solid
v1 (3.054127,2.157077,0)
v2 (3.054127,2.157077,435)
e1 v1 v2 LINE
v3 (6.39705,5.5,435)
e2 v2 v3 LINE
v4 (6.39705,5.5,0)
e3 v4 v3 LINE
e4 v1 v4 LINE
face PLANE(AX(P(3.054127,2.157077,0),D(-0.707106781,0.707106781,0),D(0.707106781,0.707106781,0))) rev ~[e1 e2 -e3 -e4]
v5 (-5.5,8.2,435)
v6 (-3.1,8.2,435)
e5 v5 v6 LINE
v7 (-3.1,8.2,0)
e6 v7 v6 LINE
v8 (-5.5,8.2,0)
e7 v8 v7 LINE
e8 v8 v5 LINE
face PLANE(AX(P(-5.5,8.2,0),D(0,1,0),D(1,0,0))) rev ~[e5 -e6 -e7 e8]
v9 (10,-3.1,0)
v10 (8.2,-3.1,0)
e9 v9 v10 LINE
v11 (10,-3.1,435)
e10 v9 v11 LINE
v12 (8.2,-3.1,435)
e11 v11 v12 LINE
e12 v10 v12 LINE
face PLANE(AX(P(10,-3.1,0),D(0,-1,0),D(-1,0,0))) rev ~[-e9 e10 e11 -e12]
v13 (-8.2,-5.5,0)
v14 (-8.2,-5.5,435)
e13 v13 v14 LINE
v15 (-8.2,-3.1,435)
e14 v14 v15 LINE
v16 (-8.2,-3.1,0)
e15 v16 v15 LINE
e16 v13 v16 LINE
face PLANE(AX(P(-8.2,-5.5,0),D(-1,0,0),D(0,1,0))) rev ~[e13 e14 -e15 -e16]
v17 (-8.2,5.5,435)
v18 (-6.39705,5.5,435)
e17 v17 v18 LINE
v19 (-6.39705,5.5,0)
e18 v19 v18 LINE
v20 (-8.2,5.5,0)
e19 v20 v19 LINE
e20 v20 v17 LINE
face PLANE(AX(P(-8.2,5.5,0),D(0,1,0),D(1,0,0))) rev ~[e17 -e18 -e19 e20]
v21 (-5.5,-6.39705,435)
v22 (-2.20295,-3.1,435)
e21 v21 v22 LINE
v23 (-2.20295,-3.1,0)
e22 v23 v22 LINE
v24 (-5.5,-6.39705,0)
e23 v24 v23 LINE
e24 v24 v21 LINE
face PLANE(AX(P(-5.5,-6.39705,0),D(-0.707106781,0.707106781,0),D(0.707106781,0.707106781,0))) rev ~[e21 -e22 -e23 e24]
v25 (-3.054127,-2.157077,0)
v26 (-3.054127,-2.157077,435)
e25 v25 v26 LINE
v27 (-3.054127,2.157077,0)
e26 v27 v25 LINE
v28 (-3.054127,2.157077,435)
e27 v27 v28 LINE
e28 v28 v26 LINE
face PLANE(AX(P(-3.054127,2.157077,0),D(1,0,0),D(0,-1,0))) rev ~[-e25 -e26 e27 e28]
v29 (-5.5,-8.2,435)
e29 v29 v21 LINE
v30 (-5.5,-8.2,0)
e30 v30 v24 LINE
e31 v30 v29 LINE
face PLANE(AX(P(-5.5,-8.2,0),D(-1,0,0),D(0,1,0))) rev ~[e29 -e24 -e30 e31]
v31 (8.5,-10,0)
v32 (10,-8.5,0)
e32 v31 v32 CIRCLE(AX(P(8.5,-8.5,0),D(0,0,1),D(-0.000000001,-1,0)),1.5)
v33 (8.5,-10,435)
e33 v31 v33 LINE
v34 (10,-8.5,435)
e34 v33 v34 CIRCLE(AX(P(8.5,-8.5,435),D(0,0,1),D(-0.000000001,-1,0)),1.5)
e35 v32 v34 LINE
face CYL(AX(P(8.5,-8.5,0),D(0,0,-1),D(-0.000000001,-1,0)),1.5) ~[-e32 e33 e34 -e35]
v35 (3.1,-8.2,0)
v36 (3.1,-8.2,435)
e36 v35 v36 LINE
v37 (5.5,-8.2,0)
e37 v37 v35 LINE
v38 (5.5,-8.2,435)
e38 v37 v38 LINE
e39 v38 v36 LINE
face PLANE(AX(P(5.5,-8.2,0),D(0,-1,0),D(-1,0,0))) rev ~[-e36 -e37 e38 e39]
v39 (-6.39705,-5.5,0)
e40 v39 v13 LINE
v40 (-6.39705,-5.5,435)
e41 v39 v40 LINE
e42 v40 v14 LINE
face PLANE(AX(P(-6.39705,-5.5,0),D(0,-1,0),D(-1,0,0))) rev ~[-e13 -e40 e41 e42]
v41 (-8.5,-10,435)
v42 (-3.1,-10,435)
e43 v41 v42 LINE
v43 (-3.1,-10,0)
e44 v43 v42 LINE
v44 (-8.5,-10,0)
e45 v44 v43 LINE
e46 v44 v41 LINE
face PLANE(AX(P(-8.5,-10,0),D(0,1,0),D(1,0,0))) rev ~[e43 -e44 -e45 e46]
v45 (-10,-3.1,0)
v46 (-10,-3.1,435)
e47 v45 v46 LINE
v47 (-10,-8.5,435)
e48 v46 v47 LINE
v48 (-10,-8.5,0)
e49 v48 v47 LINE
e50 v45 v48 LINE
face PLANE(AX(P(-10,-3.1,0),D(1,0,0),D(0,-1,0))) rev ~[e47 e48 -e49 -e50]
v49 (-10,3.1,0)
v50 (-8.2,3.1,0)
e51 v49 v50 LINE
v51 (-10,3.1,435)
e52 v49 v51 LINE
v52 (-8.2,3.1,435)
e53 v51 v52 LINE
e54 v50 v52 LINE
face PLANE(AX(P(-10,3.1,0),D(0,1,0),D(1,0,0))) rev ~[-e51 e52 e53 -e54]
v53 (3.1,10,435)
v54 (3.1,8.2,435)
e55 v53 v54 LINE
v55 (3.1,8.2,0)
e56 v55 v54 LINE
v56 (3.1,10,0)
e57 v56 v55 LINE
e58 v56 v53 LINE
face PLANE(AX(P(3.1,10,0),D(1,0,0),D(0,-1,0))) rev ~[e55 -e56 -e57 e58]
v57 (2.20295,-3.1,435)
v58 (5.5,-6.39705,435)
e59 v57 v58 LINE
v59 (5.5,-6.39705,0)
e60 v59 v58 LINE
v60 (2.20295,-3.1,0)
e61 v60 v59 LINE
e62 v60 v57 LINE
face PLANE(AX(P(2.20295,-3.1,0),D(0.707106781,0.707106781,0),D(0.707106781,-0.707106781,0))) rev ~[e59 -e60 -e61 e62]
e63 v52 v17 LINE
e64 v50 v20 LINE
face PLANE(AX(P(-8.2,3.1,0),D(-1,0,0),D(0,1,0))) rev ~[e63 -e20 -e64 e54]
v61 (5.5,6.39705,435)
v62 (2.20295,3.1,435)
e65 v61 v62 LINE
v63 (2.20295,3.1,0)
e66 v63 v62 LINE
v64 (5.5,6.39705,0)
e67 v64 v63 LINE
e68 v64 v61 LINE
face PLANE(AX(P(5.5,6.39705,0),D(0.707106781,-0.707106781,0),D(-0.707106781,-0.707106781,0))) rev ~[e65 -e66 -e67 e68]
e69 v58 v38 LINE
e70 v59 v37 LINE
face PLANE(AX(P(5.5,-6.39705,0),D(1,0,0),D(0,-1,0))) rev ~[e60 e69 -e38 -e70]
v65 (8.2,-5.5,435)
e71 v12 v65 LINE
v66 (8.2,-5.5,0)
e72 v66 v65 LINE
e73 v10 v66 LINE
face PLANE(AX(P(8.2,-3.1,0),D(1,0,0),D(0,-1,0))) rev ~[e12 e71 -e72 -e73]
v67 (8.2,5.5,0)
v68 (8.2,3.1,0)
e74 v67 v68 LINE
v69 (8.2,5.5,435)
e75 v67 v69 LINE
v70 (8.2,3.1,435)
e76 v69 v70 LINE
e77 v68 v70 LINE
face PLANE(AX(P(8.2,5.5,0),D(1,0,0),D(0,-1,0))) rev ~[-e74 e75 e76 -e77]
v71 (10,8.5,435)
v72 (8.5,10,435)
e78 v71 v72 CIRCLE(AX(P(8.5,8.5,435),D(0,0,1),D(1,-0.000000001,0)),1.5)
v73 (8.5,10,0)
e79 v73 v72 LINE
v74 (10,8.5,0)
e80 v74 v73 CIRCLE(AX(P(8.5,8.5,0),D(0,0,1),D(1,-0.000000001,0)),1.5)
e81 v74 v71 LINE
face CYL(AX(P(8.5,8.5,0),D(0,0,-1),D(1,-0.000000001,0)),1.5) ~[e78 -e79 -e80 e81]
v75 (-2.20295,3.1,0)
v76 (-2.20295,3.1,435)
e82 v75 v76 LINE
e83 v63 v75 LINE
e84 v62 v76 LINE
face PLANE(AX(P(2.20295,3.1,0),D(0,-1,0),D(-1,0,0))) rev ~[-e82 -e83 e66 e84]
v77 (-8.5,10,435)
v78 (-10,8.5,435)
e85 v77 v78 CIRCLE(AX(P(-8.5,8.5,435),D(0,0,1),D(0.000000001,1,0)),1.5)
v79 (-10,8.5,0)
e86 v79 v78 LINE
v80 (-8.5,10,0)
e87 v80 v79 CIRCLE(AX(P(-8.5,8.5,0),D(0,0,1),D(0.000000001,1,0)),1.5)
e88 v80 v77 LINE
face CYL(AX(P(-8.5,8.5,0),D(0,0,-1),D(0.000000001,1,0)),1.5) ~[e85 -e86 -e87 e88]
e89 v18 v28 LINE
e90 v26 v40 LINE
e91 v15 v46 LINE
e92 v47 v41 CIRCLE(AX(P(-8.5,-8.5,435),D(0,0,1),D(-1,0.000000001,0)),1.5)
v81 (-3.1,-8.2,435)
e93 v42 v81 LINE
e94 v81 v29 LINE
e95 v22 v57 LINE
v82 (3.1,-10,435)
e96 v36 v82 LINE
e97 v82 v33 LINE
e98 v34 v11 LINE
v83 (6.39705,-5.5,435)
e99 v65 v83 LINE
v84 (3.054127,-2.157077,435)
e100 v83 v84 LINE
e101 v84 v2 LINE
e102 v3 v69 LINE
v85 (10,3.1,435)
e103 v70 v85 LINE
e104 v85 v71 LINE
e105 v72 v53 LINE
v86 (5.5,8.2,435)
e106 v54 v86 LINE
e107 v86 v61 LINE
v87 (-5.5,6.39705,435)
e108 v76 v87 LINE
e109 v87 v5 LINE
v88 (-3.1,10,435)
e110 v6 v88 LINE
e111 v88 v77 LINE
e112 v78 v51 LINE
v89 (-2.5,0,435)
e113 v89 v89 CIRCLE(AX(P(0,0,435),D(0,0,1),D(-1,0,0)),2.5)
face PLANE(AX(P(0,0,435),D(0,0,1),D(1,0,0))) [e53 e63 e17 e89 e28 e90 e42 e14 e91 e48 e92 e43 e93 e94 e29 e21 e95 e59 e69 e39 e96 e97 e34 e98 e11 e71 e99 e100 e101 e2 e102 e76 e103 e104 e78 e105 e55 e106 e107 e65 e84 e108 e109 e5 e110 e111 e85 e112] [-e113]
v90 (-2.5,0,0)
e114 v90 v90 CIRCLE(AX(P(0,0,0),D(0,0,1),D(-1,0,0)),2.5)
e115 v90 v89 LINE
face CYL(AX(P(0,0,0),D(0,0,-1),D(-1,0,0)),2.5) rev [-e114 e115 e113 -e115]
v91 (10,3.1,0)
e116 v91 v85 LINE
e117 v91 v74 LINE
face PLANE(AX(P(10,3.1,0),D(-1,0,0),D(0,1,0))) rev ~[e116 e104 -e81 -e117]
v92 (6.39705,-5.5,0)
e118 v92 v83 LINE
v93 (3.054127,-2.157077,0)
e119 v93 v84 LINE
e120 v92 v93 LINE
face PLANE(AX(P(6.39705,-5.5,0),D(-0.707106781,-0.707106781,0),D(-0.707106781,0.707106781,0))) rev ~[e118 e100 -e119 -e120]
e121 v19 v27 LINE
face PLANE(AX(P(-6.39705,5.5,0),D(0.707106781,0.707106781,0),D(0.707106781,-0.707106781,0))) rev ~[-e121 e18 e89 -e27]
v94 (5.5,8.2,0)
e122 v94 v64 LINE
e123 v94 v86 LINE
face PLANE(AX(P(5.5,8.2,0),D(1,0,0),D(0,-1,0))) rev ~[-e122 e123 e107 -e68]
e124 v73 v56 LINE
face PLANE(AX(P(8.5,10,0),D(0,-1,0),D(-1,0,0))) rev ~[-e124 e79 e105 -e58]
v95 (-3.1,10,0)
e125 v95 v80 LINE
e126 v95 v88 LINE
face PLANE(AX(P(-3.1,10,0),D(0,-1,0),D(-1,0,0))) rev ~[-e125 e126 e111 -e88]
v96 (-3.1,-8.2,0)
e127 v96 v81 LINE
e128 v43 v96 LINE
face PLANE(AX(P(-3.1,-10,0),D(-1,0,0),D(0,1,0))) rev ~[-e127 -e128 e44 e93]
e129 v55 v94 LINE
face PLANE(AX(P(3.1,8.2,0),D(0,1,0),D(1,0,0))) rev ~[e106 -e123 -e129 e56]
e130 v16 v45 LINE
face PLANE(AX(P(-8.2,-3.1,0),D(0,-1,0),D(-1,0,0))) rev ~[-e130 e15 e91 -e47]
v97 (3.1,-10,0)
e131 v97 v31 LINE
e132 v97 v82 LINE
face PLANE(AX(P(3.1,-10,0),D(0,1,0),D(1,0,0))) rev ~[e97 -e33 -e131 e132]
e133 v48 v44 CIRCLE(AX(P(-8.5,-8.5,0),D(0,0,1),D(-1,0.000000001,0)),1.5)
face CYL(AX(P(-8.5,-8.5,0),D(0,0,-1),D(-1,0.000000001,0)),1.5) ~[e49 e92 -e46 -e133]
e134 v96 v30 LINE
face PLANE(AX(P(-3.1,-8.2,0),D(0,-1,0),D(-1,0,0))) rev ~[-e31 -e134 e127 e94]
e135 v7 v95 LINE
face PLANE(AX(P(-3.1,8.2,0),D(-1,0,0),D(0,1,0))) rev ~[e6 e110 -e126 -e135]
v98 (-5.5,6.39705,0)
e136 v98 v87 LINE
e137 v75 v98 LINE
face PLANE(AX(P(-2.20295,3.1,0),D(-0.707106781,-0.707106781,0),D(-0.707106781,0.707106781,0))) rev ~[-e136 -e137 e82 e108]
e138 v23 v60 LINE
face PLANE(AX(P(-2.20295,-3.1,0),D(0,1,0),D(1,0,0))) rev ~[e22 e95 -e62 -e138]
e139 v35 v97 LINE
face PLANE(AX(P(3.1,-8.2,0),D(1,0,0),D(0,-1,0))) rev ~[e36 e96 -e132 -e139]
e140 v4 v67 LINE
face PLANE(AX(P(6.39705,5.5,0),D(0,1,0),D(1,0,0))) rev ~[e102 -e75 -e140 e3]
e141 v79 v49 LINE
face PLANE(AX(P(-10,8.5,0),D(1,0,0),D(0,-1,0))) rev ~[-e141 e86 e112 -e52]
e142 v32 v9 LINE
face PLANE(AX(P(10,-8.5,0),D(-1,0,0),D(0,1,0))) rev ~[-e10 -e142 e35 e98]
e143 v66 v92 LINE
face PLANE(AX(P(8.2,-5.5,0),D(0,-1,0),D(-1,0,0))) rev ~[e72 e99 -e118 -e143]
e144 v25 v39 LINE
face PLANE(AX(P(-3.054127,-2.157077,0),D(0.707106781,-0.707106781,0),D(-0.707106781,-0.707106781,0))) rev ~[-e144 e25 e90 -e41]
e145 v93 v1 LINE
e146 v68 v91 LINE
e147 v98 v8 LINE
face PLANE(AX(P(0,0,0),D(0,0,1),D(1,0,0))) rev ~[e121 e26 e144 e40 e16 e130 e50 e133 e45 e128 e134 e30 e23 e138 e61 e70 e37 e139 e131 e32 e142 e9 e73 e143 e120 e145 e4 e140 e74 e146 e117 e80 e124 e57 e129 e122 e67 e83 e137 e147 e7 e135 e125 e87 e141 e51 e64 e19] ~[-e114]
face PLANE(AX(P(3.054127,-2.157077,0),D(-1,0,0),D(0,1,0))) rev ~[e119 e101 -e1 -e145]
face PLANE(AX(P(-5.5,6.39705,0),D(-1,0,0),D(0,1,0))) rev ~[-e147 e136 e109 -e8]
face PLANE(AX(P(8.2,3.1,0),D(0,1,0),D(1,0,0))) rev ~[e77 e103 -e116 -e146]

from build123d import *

# Parameters (mm, degrees)
SKETCH_1_R      = 2.5
EXTRUDE_1_DEPTH = 435


with BuildPart() as part:
    # 草图1 → 凸台-拉伸1 (new body)
    with BuildSketch(Plane.XY):
        with BuildLine():
            Line((-8.2, -3.1), (-10, -3.1))
            Line((-10, -3.1), (-10, -8.5))
            ThreePointArc((-10, -8.5), (-9.560660172, -9.560660172), (-8.5, -10))
            Line((-8.5, -10), (-3.1, -10))
            Line((-3.1, -10), (-3.1, -8.2))
            Line((-3.1, -8.2), (-5.5, -8.2))
            Line((-5.5, -8.2), (-5.5, -6.397050155))
            Line((-5.5, -6.397050155), (-2.202949845, -3.1))
            Line((-2.202949845, -3.1), (2.202949845, -3.1))
            Line((2.202949845, -3.1), (5.5, -6.397050155))
            Line((5.5, -6.397050155), (5.5, -8.2))
            Line((5.5, -8.2), (3.1, -8.2))
            Line((3.1, -8.2), (3.1, -10))
            Line((3.1, -10), (8.5, -10))
            ThreePointArc((8.5, -10), (9.560660172, -9.560660172), (10, -8.5))
            Line((10, -8.5), (10, -3.1))
            Line((10, -3.1), (8.2, -3.1))
            Line((8.2, -3.1), (8.2, -5.5))
            Line((8.2, -5.5), (6.397050155, -5.5))
            Line((6.397050155, -5.5), (3.05412702, -2.157076865))
            Line((3.05412702, -2.157076865), (3.05412702, 2.157076865))
            Line((3.05412702, 2.157076865), (6.397050155, 5.5))
            Line((6.397050155, 5.5), (8.2, 5.5))
            Line((8.2, 5.5), (8.2, 3.1))
            Line((8.2, 3.1), (10, 3.1))
            Line((10, 3.1), (10, 8.5))
            ThreePointArc((10, 8.5), (9.560660172, 9.560660172), (8.5, 10))
            Line((8.5, 10), (3.1, 10))
            Line((3.1, 10), (3.1, 8.2))
            Line((3.1, 8.2), (5.5, 8.2))
            Line((5.5, 8.2), (5.5, 6.397050155))
            Line((5.5, 6.397050155), (2.202949845, 3.1))
            Line((2.202949845, 3.1), (-2.202949845, 3.1))
            Line((-2.202949845, 3.1), (-5.5, 6.397050155))
            Line((-5.5, 6.397050155), (-5.5, 8.2))
            Line((-5.5, 8.2), (-3.1, 8.2))
            Line((-3.1, 8.2), (-3.1, 10))
            Line((-3.1, 10), (-8.5, 10))
            ThreePointArc((-8.5, 10), (-9.560660172, 9.560660172), (-10, 8.5))
            Line((-10, 8.5), (-10, 3.1))
            Line((-10, 3.1), (-8.2, 3.1))
            Line((-8.2, 3.1), (-8.2, 5.5))
            Line((-8.2, 5.5), (-6.397050155, 5.5))
            Line((-6.397050155, 5.5), (-3.05412702, 2.157076865))
            Line((-3.05412702, 2.157076865), (-3.05412702, -2.157076865))
            Line((-3.05412702, -2.157076865), (-6.397050155, -5.5))
            Line((-6.397050155, -5.5), (-8.2, -5.5))
            Line((-8.2, -5.5), (-8.2, -3.1))
        make_face()
        with Locations(Location((0, 0, 0), (0, 0, 180))):
            Circle(SKETCH_1_R, mode=Mode.SUBTRACT)
    extrude(amount=EXTRUDE_1_DEPTH)


solid = part.part
